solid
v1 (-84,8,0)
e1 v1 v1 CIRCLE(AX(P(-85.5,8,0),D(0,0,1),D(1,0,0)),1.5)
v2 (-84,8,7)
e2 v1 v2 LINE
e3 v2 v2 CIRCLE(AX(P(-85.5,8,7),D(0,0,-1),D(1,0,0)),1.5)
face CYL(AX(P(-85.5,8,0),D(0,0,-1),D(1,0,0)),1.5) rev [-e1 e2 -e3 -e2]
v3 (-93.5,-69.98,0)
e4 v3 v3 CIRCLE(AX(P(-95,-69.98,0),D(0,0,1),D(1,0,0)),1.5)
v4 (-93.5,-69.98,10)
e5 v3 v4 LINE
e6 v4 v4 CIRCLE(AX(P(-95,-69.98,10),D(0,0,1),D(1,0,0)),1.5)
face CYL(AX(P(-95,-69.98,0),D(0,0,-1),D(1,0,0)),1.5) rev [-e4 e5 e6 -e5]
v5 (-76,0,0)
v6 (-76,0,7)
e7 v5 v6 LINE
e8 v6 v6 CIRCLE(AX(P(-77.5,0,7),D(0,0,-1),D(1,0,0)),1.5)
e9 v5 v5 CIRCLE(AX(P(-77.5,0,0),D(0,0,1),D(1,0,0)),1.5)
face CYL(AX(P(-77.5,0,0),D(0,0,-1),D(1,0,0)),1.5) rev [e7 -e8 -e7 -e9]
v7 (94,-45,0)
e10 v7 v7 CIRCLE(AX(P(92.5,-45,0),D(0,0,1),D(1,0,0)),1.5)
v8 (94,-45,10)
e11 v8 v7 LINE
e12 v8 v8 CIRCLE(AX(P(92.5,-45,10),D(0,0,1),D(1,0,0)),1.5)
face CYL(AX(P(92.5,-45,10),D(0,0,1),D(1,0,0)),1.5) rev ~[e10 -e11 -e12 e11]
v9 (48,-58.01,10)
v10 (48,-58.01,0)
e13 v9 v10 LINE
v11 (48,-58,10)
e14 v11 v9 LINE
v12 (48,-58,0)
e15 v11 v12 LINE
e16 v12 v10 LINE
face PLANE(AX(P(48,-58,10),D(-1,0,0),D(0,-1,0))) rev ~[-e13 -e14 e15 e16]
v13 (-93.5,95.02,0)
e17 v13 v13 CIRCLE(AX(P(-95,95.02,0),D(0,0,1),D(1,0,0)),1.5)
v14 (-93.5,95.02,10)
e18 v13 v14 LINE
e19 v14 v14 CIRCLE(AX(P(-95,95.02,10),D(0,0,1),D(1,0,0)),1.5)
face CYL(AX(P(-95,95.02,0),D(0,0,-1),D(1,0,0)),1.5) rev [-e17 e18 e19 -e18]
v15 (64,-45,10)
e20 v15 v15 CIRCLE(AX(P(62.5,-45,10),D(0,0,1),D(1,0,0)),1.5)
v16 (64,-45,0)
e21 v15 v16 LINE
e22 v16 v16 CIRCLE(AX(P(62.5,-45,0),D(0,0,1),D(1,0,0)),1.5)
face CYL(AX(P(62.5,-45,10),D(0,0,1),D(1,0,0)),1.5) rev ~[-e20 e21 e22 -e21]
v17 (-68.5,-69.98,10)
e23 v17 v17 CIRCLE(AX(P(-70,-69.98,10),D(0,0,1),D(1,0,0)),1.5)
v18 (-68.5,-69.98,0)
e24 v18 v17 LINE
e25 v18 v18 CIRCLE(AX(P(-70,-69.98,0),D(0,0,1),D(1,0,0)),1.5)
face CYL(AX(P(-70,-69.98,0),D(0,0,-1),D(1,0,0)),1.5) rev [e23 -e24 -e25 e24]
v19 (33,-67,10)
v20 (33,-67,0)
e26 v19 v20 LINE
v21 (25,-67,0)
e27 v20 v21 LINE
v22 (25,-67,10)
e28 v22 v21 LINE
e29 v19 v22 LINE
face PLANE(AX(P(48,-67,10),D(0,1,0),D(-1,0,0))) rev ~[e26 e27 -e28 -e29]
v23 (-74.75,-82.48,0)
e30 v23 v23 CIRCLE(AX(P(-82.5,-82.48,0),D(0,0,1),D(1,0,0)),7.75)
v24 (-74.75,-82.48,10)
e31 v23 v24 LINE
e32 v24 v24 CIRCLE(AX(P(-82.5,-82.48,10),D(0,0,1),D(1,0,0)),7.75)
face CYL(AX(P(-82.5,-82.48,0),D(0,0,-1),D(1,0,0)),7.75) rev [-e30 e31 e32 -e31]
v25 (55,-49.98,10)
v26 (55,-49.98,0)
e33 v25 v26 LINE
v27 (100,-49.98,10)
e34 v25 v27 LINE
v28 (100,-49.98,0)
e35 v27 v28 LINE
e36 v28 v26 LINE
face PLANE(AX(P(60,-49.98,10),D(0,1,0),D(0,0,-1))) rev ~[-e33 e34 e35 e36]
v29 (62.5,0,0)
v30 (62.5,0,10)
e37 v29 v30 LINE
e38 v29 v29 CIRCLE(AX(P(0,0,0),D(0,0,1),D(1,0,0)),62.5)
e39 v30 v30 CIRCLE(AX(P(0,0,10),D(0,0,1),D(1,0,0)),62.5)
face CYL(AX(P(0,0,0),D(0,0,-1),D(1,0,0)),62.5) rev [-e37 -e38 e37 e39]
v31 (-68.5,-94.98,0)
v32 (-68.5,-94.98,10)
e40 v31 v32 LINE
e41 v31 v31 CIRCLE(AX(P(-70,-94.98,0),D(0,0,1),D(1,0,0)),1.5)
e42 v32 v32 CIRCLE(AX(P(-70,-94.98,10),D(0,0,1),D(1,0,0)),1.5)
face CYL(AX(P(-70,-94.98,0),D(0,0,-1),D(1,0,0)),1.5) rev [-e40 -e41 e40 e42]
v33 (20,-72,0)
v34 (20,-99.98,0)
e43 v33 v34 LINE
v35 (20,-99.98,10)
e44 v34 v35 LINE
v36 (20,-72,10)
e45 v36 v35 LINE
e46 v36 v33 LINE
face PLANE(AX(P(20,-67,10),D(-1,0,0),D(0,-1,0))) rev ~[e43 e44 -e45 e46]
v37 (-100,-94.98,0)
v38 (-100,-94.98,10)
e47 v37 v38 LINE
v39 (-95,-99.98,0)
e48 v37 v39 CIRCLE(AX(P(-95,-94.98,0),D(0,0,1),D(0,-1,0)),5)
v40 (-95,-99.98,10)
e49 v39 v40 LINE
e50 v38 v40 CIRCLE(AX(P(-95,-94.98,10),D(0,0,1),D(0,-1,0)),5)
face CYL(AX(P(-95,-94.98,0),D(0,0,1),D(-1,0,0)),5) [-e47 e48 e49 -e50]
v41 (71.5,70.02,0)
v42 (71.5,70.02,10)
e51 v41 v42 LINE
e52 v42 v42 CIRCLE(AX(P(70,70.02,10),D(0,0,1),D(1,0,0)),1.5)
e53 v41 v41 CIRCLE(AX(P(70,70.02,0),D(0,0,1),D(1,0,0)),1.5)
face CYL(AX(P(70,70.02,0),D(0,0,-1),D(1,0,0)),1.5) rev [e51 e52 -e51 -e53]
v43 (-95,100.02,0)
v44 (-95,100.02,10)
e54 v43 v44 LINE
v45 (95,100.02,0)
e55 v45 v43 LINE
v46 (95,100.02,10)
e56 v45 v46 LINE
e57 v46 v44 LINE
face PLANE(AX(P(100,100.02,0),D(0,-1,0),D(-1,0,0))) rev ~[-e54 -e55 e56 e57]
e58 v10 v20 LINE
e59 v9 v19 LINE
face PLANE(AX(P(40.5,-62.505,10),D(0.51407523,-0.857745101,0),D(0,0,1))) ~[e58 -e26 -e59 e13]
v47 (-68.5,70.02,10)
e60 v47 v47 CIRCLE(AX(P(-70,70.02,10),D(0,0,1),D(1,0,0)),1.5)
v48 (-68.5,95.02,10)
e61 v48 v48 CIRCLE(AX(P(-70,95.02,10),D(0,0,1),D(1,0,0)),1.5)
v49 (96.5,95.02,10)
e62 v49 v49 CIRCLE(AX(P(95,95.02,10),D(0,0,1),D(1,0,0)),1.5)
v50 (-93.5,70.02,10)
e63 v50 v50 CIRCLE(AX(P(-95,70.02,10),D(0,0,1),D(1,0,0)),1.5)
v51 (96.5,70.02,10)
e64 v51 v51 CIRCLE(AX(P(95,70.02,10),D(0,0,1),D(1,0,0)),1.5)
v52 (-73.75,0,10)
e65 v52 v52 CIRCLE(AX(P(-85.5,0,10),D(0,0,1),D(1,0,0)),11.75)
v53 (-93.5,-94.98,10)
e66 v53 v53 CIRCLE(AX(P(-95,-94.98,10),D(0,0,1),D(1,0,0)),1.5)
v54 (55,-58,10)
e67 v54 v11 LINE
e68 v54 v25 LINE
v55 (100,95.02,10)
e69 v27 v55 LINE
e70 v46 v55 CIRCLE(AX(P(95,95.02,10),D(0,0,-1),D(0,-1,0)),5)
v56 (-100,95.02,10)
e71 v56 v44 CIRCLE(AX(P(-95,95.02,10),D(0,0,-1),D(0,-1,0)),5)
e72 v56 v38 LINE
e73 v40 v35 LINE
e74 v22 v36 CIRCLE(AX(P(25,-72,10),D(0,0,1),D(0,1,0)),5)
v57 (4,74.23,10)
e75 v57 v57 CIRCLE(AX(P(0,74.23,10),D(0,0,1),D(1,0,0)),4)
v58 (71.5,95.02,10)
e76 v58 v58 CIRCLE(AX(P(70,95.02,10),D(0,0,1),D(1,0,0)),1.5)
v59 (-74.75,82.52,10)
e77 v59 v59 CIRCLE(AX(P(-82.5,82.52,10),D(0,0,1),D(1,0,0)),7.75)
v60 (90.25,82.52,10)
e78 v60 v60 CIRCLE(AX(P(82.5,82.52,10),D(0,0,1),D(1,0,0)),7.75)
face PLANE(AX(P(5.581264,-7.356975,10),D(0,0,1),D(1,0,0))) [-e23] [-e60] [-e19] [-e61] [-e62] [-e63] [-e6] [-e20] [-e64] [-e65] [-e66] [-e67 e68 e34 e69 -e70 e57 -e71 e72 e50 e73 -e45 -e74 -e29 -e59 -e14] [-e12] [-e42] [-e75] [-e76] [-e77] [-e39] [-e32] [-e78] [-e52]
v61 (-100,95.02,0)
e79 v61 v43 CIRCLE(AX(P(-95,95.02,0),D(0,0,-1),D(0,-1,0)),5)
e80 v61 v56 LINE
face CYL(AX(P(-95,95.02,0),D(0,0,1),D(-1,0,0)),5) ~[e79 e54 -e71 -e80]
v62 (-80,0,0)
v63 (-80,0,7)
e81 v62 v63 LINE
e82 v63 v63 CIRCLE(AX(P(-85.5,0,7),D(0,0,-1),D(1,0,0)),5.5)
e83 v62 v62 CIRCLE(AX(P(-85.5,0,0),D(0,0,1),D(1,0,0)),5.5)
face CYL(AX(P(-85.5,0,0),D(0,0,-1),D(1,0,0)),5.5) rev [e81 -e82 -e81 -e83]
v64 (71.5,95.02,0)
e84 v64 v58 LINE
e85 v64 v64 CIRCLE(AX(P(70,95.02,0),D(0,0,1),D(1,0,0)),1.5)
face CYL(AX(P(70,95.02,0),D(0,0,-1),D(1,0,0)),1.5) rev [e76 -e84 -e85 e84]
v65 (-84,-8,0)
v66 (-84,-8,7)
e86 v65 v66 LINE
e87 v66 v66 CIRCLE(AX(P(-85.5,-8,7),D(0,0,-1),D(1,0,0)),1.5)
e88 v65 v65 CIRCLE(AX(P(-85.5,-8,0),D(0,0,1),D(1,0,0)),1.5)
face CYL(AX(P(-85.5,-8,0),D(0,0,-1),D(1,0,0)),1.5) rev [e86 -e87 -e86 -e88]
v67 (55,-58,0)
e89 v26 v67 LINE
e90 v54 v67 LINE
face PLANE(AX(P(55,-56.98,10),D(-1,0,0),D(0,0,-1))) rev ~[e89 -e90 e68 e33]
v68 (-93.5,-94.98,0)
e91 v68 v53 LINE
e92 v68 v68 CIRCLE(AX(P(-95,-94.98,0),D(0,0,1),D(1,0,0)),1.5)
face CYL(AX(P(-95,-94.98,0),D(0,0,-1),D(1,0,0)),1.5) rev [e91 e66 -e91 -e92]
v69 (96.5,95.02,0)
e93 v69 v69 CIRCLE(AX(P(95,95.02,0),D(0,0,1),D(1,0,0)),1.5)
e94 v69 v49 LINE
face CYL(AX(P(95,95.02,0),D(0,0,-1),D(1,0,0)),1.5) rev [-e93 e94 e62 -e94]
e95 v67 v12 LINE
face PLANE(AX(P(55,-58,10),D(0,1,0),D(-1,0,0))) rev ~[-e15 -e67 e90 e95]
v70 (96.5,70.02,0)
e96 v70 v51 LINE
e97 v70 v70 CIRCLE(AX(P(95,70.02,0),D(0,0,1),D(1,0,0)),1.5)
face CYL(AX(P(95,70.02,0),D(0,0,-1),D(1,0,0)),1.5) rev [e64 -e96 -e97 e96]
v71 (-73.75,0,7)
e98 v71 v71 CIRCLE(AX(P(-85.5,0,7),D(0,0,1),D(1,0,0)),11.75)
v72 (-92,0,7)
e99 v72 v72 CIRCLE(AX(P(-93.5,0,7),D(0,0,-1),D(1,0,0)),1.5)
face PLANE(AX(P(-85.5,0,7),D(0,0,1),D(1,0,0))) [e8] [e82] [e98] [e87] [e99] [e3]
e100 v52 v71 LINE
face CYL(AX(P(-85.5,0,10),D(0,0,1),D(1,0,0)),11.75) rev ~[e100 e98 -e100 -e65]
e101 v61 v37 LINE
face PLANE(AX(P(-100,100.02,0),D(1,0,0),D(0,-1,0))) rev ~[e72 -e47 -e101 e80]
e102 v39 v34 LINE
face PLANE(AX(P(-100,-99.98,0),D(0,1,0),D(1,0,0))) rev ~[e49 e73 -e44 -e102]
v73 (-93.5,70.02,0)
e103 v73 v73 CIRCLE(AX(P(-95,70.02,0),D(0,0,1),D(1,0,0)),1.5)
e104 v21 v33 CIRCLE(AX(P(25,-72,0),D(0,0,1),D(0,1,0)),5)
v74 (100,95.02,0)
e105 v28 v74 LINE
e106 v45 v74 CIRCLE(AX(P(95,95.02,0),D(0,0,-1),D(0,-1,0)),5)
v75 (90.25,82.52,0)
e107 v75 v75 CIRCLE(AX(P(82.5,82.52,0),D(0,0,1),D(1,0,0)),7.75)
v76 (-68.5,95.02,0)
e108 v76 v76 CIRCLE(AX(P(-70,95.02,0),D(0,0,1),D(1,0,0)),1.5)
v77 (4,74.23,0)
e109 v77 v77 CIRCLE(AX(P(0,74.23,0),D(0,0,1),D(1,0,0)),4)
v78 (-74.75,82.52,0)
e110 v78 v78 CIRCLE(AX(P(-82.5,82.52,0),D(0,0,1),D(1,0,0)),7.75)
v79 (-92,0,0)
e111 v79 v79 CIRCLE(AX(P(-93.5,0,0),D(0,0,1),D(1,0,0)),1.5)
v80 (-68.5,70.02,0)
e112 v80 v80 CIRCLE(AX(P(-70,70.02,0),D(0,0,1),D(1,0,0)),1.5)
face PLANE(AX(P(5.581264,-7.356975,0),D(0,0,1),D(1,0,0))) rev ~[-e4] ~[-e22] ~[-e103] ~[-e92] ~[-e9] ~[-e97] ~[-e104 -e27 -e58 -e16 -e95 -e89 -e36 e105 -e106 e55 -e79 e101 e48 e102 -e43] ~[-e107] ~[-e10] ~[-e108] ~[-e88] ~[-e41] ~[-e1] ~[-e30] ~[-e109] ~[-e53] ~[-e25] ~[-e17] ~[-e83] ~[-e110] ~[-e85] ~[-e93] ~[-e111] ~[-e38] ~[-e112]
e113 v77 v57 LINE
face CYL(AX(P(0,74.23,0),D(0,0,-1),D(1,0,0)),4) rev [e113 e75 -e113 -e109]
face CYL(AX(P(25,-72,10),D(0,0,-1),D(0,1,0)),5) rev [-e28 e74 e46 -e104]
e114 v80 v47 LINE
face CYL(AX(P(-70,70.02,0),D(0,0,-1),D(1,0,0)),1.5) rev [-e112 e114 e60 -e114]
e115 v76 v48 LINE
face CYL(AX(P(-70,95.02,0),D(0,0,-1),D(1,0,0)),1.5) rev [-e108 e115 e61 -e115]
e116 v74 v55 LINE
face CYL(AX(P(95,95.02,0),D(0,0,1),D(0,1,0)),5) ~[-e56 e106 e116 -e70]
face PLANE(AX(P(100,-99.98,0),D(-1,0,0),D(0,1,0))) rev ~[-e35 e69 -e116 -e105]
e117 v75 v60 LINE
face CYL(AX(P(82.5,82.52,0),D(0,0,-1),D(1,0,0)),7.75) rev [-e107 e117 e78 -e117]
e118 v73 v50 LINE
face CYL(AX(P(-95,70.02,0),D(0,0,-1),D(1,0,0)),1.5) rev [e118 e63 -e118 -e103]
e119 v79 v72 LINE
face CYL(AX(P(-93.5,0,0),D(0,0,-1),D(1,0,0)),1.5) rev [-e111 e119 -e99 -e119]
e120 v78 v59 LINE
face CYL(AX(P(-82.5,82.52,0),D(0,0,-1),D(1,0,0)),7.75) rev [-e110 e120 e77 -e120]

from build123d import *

# Parameters (mm, degrees)
SKETCH_R           = 62.5
SKETCH_R_2         = 7.75
SKETCH_R_3         = 1.5
SKETCH_R_4         = 5.5
SKETCH_R_5         = 4
PAD_DEPTH          = 10
SKETCH001_R        = 11.75
POCKET_DEPTH       = 3
FILLET_R           = 5
FILLET_FACE6_W     = 5
FILLET_FACE6_H     = 10
POCKET001_DEPTH    = 7
POCKET001_FACE39_W = 50
POCKET001_FACE39_H = 10
POCKET002_DEPTH    = 40.001
SKETCH002_R        = 1.5
POCKET003_DEPTH    = 10.001
POCKET004_DEPTH    = 10.001
CHAMFER_SIZE2      = 15
CHAMFER_SIZE       = 8.99
FILLET001_R        = 5


with BuildPart() as part:
    # Sketch → Pad (new body)
    with BuildSketch(Plane.XY):
        Polygon((-100, 100.02), (-100, -99.98), (55, -99.98), (55, -56.98), (60, -56.98), (60, -99.98), (100, -99.98), (100, 100.02), align=None)
        Circle(SKETCH_R, mode=Mode.SUBTRACT)
        with Locations((-82.5, -82.48)):
            Circle(SKETCH_R_2, mode=Mode.SUBTRACT)
        with Locations((-95, -94.98)):
            Circle(SKETCH_R_3, mode=Mode.SUBTRACT)
        with Locations((-95, -69.98)):
            Circle(SKETCH_R_3, mode=Mode.SUBTRACT)
        with Locations((-70, -69.98)):
            Circle(SKETCH_R_3, mode=Mode.SUBTRACT)
        with Locations((-70, -94.98)):
            Circle(SKETCH_R_3, mode=Mode.SUBTRACT)
        with Locations((-95, 95.02)):
            Circle(SKETCH_R_3, mode=Mode.SUBTRACT)
        with Locations((-70, 95.02)):
            Circle(SKETCH_R_3, mode=Mode.SUBTRACT)
        with Locations((-70, 70.02)):
            Circle(SKETCH_R_3, mode=Mode.SUBTRACT)
        with Locations((-95, 70.02)):
            Circle(SKETCH_R_3, mode=Mode.SUBTRACT)
        with Locations((-82.5, 82.52)):
            Circle(SKETCH_R_2, mode=Mode.SUBTRACT)
        with Locations((82.5, 82.52)):
            Circle(SKETCH_R_2, mode=Mode.SUBTRACT)
        with Locations((70, 95.02)):
            Circle(SKETCH_R_3, mode=Mode.SUBTRACT)
        with Locations((95, 95.02)):
            Circle(SKETCH_R_3, mode=Mode.SUBTRACT)
        with Locations((95, 70.02)):
            Circle(SKETCH_R_3, mode=Mode.SUBTRACT)
        with Locations((70, 70.02)):
            Circle(SKETCH_R_3, mode=Mode.SUBTRACT)
        with Locations((-85.5, 0)):
            Circle(SKETCH_R_4, mode=Mode.SUBTRACT)
        with Locations((-85.5, 8)):
            Circle(SKETCH_R_3, mode=Mode.SUBTRACT)
        with Locations((-77.5, 0)):
            Circle(SKETCH_R_3, mode=Mode.SUBTRACT)
        with Locations((-85.5, -8)):
            Circle(SKETCH_R_3, mode=Mode.SUBTRACT)
        with Locations((-93.5, 0)):
            Circle(SKETCH_R_3, mode=Mode.SUBTRACT)
        with Locations((0, 74.23)):
            Circle(SKETCH_R_5, mode=Mode.SUBTRACT)
        with Locations((68, -94.98)):
            Circle(SKETCH_R_3, mode=Mode.SUBTRACT)
        with Locations((93, -94.98)):
            Circle(SKETCH_R_3, mode=Mode.SUBTRACT)
    extrude(amount=PAD_DEPTH)

    # Sketch001 (on Face34 of Pad) → Pocket (cut)
    with BuildSketch(Plane.XY.offset(10)):
        with Locations((-85.5, 0)):
            Circle(SKETCH001_R)
    extrude(amount=-POCKET_DEPTH, mode=Mode.SUBTRACT)

    # Fillet
    fillet_edges = [part.edges().sort_by_distance(p)[0] for p in [
        (-100, -99.98, 5),
        (-100, 100.02, 5),
        (100, 100.02, 5),
        (100, -99.98, 5),
    ]]
    fillet(fillet_edges, radius=FILLET_R)

    # Fillet Face6 → Pocket001 (cut)
    with BuildSketch(Plane(origin=(57.5, -56.98, 5), x_dir=(-1, 0, 0), z_dir=(0, -1, 0))):
        Rectangle(FILLET_FACE6_W, FILLET_FACE6_H)
    extrude(amount=-POCKET001_DEPTH, mode=Mode.SUBTRACT)

    # Pocket001 Face39 → Pocket002 (cut, through all)
    with BuildSketch(Plane(origin=(60, -74.98, 5), x_dir=(0, 1, 0), z_dir=(-1, 0, 0))):
        Rectangle(POCKET001_FACE39_W, POCKET001_FACE39_H)
    extrude(amount=-POCKET002_DEPTH, mode=Mode.SUBTRACT)

    # Sketch002 (on Face32 of Pocket002) → Pocket003 (cut, through all)
    with BuildSketch(Plane.XY.offset(10)):
        with Locations((62.5, -45)):
            Circle(SKETCH002_R)
        with Locations((92.5, -45)):
            Circle(SKETCH002_R)
    extrude(amount=-POCKET003_DEPTH, mode=Mode.SUBTRACT)

    # Sketch003 (on Face35 of Pocket003) → Pocket004 (cut, through all)
    with BuildSketch(Plane.XY.offset(10)):
        Polygon((55, -58), (48, -58), (48, -67), (20, -67), (20, -100), (55, -100), align=None)
    extrude(amount=-POCKET004_DEPTH, mode=Mode.SUBTRACT)

    # Chamfer
    chamfer_edges = [part.edges().sort_by_distance(p)[0] for p in [
        (48, -67, 5),
    ]]
    chamfer_side = part.faces().sort_by_distance((48, -62.5, 5))[0]
    chamfer(chamfer_edges, length=CHAMFER_SIZE, length2=CHAMFER_SIZE2, reference=chamfer_side)

    # Fillet001
    fillet001_edges = [part.edges().sort_by_distance(p)[0] for p in [
        (20, -67, 5),
    ]]
    fillet(fillet001_edges, radius=FILLET001_R)


solid = part.part
